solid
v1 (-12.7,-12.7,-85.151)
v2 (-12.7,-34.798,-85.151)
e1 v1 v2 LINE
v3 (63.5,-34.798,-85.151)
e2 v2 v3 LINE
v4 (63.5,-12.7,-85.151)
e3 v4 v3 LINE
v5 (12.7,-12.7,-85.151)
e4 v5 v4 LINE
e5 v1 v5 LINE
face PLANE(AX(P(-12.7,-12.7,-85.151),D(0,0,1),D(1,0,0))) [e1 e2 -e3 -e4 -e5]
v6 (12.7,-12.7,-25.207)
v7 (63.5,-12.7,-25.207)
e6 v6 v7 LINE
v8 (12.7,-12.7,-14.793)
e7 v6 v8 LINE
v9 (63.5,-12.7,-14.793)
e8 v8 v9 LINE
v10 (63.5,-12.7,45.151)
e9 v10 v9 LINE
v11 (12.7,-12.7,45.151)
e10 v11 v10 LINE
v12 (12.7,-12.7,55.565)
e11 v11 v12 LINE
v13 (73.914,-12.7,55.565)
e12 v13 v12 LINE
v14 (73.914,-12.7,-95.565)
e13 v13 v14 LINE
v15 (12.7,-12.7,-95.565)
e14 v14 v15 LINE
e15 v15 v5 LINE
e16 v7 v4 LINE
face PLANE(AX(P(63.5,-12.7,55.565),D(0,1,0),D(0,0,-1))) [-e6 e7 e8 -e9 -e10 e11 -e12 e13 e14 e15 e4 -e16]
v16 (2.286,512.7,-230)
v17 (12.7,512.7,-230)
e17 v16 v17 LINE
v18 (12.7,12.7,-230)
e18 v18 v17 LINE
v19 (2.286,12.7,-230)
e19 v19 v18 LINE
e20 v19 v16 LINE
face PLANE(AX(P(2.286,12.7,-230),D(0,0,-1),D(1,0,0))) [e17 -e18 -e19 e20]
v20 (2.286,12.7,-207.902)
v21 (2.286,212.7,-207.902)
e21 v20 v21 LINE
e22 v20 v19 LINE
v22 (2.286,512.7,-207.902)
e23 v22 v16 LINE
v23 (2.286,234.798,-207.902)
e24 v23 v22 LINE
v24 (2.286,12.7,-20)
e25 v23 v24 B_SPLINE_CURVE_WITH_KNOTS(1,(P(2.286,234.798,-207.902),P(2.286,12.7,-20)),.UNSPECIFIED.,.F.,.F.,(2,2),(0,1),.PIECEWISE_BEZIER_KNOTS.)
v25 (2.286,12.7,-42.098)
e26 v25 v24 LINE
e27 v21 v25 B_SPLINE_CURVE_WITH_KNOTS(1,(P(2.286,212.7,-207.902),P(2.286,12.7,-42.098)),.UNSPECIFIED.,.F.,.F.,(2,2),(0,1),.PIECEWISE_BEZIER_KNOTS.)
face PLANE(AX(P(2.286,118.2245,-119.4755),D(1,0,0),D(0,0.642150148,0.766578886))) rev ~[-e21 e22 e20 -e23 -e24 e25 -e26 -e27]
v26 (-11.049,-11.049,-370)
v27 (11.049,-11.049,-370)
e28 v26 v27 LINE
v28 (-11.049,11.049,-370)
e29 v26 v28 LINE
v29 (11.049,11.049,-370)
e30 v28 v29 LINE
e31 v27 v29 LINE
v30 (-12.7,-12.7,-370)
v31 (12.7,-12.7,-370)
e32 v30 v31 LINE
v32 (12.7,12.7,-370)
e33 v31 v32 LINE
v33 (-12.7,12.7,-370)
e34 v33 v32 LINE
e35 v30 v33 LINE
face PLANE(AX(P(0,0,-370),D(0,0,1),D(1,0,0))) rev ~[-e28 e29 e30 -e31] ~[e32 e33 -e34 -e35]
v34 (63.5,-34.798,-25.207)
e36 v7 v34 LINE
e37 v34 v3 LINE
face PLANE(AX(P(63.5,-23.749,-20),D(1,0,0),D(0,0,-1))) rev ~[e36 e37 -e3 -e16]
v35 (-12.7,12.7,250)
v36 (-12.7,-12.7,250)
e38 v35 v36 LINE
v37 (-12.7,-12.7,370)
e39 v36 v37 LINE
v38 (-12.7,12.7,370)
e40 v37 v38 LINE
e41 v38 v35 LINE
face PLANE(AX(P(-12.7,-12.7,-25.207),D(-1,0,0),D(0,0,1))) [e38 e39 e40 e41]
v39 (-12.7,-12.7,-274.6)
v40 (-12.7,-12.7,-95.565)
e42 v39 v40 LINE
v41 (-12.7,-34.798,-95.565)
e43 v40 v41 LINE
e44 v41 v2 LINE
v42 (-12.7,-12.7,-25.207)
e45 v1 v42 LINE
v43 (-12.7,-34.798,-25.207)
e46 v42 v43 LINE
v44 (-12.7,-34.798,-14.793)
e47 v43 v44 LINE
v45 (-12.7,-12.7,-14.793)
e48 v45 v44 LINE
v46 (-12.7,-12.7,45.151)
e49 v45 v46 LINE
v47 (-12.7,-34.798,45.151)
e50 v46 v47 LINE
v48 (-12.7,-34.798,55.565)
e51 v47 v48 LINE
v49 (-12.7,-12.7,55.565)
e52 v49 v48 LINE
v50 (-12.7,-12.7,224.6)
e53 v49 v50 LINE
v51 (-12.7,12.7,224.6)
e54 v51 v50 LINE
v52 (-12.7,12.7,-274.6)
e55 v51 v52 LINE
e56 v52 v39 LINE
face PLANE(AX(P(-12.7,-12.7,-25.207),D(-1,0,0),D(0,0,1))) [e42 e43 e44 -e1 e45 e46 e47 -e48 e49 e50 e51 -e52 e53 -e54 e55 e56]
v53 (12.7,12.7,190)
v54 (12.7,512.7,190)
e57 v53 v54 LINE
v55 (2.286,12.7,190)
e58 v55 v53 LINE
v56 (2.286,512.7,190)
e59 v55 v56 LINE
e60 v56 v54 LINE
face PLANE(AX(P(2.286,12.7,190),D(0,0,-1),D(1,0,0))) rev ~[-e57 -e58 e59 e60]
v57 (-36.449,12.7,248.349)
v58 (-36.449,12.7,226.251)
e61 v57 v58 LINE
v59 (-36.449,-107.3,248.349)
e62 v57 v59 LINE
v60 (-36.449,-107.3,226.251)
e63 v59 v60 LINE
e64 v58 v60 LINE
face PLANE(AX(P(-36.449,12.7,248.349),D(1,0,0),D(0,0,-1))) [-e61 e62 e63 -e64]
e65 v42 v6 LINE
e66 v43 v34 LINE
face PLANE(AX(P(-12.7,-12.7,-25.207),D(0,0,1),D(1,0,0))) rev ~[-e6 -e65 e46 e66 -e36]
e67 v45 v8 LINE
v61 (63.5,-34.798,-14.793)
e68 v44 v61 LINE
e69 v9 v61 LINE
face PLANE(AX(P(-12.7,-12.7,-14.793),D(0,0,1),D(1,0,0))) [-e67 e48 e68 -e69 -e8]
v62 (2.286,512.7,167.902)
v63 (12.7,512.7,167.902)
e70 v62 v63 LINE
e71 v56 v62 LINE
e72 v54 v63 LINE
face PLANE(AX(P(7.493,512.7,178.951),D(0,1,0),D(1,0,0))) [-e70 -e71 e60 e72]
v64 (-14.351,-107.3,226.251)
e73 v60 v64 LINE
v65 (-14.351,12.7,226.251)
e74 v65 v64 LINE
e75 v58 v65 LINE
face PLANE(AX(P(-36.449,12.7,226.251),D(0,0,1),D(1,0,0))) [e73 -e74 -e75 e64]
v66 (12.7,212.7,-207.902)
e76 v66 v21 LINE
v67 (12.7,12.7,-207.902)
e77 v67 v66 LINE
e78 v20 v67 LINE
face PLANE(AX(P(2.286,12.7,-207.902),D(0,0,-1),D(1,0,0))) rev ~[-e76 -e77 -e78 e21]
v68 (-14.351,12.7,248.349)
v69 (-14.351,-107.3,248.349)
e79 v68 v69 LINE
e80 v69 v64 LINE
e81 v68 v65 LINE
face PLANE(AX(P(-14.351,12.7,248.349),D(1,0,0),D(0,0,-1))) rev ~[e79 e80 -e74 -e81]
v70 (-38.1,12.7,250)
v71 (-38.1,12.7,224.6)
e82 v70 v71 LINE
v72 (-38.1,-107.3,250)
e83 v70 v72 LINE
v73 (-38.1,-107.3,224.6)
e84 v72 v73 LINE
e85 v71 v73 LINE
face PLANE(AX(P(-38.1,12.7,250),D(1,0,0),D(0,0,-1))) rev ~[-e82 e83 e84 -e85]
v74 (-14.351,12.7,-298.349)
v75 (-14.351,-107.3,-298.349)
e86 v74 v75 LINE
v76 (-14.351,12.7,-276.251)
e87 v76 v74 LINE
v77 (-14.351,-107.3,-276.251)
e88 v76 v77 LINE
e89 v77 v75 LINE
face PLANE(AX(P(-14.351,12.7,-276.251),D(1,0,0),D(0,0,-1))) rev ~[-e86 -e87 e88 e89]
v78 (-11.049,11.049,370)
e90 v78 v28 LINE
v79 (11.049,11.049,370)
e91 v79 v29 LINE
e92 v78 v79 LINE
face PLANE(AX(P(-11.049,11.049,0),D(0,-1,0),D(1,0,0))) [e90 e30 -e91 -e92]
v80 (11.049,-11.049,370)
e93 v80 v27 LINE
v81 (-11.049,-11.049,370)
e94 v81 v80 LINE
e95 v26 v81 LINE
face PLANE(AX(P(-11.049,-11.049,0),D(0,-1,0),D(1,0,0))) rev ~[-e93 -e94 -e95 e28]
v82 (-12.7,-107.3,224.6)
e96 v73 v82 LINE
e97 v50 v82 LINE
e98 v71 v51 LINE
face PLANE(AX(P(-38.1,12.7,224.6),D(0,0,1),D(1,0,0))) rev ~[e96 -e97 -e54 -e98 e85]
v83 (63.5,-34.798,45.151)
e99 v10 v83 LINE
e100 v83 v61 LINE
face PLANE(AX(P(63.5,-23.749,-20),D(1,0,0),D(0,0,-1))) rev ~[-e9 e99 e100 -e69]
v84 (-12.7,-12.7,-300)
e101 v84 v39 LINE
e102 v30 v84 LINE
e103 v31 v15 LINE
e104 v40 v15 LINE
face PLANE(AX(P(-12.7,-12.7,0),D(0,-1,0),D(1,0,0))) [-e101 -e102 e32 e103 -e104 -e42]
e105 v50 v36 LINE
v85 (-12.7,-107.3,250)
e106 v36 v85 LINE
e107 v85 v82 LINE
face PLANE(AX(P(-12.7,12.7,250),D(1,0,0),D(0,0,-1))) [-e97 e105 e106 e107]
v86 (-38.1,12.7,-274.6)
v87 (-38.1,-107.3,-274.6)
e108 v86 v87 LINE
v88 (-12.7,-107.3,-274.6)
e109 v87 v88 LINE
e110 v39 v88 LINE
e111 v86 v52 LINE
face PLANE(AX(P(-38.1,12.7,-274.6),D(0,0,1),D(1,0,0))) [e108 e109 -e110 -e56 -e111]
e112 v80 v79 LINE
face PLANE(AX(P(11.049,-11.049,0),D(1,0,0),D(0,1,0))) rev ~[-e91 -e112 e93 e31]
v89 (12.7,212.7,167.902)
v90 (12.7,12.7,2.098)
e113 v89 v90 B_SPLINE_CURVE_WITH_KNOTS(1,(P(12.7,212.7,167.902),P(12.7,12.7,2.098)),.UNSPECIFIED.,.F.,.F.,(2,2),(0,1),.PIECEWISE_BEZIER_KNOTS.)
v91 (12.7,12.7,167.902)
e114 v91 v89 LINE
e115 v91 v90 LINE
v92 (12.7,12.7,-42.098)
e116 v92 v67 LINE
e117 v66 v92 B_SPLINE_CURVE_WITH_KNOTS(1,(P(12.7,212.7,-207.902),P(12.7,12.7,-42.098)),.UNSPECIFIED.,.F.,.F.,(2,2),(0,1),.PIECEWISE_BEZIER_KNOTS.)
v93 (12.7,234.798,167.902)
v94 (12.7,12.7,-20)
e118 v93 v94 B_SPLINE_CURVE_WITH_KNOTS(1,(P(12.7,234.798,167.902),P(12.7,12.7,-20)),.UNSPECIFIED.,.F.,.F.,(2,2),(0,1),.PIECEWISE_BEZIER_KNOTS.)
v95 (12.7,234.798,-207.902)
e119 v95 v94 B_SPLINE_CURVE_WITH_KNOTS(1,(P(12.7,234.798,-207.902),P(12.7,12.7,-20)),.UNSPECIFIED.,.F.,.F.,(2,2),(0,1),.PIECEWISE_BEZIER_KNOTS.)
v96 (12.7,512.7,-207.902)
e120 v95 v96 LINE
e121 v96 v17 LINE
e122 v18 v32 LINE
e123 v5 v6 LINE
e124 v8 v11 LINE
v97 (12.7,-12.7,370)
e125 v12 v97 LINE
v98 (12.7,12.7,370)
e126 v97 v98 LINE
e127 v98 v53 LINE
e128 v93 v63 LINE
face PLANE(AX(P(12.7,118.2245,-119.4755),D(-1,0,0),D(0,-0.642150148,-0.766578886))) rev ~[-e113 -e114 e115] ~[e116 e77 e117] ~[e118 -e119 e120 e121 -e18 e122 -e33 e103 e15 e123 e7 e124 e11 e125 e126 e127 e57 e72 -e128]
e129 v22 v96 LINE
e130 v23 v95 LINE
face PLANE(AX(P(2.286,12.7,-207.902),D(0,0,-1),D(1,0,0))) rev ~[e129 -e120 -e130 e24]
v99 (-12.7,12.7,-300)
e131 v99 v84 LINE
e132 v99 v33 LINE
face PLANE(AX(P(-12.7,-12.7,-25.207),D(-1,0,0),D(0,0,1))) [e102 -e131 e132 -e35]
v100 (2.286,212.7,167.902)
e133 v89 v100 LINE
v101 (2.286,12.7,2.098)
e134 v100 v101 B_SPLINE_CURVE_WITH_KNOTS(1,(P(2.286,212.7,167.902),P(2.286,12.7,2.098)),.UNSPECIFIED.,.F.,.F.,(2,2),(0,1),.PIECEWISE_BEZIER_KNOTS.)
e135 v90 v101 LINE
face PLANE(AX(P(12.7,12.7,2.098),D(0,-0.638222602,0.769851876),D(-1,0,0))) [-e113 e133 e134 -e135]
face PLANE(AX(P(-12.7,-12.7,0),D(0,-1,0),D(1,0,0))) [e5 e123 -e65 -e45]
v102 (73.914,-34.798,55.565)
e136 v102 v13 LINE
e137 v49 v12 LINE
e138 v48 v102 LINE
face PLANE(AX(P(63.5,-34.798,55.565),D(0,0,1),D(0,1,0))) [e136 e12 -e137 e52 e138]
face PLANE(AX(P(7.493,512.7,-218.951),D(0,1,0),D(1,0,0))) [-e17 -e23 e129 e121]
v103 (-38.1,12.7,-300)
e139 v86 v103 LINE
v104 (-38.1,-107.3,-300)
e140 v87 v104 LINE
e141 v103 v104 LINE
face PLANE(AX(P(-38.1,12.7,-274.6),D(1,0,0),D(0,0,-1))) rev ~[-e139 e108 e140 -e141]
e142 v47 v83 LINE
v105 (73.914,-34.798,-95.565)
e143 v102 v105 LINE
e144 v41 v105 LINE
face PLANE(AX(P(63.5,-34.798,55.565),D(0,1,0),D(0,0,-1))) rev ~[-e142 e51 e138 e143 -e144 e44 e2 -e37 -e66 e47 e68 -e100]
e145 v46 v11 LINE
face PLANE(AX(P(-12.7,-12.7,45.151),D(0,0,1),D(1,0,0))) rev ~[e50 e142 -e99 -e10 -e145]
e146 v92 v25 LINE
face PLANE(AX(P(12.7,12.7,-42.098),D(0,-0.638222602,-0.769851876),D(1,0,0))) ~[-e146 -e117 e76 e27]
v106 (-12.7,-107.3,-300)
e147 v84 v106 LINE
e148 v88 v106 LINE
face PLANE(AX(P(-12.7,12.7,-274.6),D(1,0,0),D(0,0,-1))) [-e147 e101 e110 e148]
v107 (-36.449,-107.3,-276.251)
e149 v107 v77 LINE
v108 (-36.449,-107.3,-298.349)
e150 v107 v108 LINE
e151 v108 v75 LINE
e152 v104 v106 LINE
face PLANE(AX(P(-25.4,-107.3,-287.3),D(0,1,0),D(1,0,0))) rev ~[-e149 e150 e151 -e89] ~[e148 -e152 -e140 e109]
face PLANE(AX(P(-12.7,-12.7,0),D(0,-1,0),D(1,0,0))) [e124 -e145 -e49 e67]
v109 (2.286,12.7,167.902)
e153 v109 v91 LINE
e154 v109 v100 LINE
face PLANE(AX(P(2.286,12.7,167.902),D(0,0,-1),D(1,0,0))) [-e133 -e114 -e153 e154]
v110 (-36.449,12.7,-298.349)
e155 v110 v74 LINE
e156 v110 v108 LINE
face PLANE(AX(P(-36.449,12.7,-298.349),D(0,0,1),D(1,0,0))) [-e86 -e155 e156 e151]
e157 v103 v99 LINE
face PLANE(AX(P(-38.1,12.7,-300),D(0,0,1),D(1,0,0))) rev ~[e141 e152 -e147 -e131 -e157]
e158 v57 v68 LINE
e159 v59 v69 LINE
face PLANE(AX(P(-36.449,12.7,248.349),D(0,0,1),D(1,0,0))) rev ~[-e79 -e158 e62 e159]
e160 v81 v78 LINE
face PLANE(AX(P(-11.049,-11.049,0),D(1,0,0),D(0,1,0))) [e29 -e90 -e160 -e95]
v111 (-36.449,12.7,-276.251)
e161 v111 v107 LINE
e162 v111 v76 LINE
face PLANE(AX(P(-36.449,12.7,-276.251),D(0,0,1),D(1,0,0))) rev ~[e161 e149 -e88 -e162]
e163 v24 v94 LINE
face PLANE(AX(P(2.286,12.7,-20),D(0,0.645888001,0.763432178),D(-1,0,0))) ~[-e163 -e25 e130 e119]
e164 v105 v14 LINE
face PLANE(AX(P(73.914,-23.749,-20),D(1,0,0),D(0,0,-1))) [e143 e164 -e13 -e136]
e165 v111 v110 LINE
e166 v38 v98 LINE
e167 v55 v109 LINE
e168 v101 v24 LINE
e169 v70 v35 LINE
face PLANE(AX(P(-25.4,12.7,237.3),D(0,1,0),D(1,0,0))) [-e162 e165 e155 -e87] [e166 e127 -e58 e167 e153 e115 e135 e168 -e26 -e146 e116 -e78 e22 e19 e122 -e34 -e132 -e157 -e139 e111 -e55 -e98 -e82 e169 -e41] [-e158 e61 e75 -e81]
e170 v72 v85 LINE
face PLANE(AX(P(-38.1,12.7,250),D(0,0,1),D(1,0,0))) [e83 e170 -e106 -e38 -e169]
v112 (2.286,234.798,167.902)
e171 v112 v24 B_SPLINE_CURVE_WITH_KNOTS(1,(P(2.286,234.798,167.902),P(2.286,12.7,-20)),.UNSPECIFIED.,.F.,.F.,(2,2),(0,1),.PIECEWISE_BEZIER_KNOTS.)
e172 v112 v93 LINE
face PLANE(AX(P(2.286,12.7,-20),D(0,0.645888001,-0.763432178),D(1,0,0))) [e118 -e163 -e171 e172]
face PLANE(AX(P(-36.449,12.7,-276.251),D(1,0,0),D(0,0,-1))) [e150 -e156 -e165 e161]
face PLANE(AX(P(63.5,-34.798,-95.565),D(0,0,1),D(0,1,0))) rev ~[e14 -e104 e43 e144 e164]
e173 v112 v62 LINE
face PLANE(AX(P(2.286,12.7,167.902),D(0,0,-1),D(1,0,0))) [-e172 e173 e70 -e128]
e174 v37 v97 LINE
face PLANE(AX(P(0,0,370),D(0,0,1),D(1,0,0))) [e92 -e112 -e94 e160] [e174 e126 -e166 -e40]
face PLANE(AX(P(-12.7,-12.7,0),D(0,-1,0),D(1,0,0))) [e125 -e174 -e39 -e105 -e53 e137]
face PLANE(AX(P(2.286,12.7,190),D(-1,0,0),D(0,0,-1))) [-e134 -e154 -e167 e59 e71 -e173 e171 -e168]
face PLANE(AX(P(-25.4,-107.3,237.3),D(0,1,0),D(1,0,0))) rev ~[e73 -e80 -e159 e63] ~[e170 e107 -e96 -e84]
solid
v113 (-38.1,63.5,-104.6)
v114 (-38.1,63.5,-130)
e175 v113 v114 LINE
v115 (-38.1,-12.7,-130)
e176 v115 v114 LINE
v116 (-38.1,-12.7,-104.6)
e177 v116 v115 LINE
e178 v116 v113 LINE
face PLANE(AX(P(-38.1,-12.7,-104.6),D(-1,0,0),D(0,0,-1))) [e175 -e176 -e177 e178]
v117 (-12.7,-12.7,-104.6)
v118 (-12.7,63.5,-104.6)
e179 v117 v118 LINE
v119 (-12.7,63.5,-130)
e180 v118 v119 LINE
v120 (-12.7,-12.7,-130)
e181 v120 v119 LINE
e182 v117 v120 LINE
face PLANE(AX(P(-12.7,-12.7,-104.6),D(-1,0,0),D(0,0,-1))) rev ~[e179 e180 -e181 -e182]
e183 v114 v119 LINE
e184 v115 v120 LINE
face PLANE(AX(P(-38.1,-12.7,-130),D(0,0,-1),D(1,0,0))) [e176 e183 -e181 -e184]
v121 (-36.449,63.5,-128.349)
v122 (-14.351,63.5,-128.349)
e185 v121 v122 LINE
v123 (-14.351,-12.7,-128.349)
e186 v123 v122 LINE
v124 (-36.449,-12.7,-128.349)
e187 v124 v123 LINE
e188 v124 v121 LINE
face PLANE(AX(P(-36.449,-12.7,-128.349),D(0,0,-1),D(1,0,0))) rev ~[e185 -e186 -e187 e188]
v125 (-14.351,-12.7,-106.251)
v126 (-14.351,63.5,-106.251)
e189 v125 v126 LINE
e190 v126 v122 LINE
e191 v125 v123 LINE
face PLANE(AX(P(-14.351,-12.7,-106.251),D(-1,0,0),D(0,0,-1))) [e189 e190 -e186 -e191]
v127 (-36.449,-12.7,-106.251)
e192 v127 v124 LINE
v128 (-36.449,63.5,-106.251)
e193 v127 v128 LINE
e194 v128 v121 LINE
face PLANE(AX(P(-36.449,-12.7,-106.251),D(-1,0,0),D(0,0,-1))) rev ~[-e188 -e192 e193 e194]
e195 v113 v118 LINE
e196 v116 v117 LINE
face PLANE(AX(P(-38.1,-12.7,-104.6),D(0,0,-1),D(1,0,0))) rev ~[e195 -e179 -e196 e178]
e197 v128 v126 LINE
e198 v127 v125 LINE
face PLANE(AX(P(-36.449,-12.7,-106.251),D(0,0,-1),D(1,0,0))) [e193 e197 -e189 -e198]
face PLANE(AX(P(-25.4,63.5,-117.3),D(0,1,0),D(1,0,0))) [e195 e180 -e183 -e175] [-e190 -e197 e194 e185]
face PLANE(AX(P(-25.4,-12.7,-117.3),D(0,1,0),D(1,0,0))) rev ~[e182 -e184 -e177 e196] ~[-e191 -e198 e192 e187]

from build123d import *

# Parameters (mm, degrees)
SKETCH1_W                = 25.4
SKETCH1_H                = 25.4
SKETCH1_W_2              = 22.098
SKETCH1_H_2              = 22.098
BOSS_EXTRUDE1_DEPTH      = 370
SKETCH2_W                = 10.414
SKETCH2_H                = 22.098
BOSS_EXTRUDE2_DEPTH      = 500
SKETCH11_W               = 76.2
SKETCH11_H               = 10.414
BOSS_EXTRUDE3_DEPTH      = 22.098
SKETCH13_W               = 151.13
SKETCH13_H               = 22.098
BOSS_EXTRUDE4_DEPTH      = 10.414
SKETCH14_W               = 25.4
SKETCH14_H               = 25.4
SKETCH14_W_2             = 22.098
SKETCH14_H_2             = 22.098
BOSS_EXTRUDE5_DEPTH      = 120
BOSS_EXTRUDE6_DEPTH      = 50.8
BOSS_EXTRUDE6_DEPTH_BACK = 25.4
SKETCH15_W               = 25.4
SKETCH15_H               = 25.4
SKETCH15_W_2             = 22.098
SKETCH15_H_2             = 22.098


with BuildPart() as part:
    # Sketch1 → Boss-Extrude1 (new, symmetric)
    with BuildSketch(Plane.XY):
        Rectangle(SKETCH1_W, SKETCH1_H)
        Rectangle(SKETCH1_W_2, SKETCH1_H_2, mode=Mode.SUBTRACT)
    extrude(amount=BOSS_EXTRUDE1_DEPTH, both=True)

    # Sketch2 → Boss-Extrude2 (add)
    with BuildSketch(Plane(origin=(0, 12.7, 0), x_dir=(1, 0, 0), z_dir=(0, 1, 0))):
        with Locations((7.493, -178.951)):
            Rectangle(SKETCH2_W, SKETCH2_H)
        with Locations((7.493, 218.951)):
            Rectangle(SKETCH2_W, SKETCH2_H)
    extrude(amount=BOSS_EXTRUDE2_DEPTH)

    # Sketch3 → Loft3 section 0
    with BuildSketch(Plane(origin=(0, 0, 167.902), x_dir=(-1, 0, 0), z_dir=(0, 0, -1))):
        with BuildLine():
            Line((-2.286, 234.798), (-12.7, 234.798))
            Line((-12.7, 234.798), (-12.7, 212.7))
            Line((-12.7, 212.7), (-2.286, 212.7))
            Line((-2.286, 212.7), (-2.286, 234.798))
        make_face()
    # Sketch4 → Loft3 section 1
    with BuildSketch(Plane(origin=(0, 12.7, 0), x_dir=(1, 0, 0), z_dir=(0, 1, 0))):
        with BuildLine():
            Line((2.286, 20), (12.7, 20))
            Line((12.7, 20), (12.7, -2.098))
            Line((12.7, -2.098), (2.286, -2.098))
            Line((2.286, -2.098), (2.286, 20))
        make_face()
    loft3 = loft()

    # Mirror2: Loft3 across plane
    add(loft3.mirror(Plane.XY.offset(-20)))

    # Sketch11 → Boss-Extrude3 (add)
    with BuildSketch(Plane.XZ.offset(12.7)):
        with Locations((25.4, -20)):
            Rectangle(SKETCH11_W, SKETCH11_H)
        with Locations((25.4, 50.358)):
            Rectangle(SKETCH11_W, SKETCH11_H)
        with Locations((25.4, -90.358)):
            Rectangle(SKETCH11_W, SKETCH11_H)
    extrude(amount=BOSS_EXTRUDE3_DEPTH)

    # Sketch13 → Boss-Extrude4 (add)
    with BuildSketch(Plane(origin=(63.5, 0, 0), x_dir=(0, 0, -1), z_dir=(1, 0, 0))):
        with Locations((20, -23.749)):
            Rectangle(SKETCH13_W, SKETCH13_H)
    extrude(amount=BOSS_EXTRUDE4_DEPTH)

    # Sketch14 → Boss-Extrude5 (add)
    # profile 1 of 2: a face of its own
    with BuildSketch(Plane(origin=(0, 12.7, 0), x_dir=(1, 0, 0), z_dir=(0, 1, 0))):
        with Locations((-25.4, -237.3)):
            Rectangle(SKETCH14_W, SKETCH14_H)
        with Locations((-25.4, -237.3)):
            Rectangle(SKETCH14_W_2, SKETCH14_H_2, mode=Mode.SUBTRACT)
    # profile 2 of 2: a face of its own
    with BuildSketch(Plane(origin=(0, 12.7, 0), x_dir=(1, 0, 0), z_dir=(0, 1, 0))):
        with Locations((-25.4, 287.3)):
            Rectangle(SKETCH14_W, SKETCH14_H)
        with Locations((-25.4, 287.3)):
            Rectangle(SKETCH14_W_2, SKETCH14_H_2, mode=Mode.SUBTRACT)
    extrude(amount=-BOSS_EXTRUDE5_DEPTH)


with BuildPart() as body_2:
    # Sketch15 → Boss-Extrude6 (new, two sides: drawn at the far end of the back side and taken through both)
    with BuildSketch(Plane(origin=(0, 12.7, 0), x_dir=(1, 0, 0), z_dir=(0, 1, 0)).offset(-BOSS_EXTRUDE6_DEPTH_BACK)):
        with Locations((-25.4, 117.3)):
            Rectangle(SKETCH15_W, SKETCH15_H)
        with Locations((-25.4, 117.3)):
            Rectangle(SKETCH15_W_2, SKETCH15_H_2, mode=Mode.SUBTRACT)
    extrude(amount=BOSS_EXTRUDE6_DEPTH + BOSS_EXTRUDE6_DEPTH_BACK)


solid = Compound([part.part, body_2.part])
